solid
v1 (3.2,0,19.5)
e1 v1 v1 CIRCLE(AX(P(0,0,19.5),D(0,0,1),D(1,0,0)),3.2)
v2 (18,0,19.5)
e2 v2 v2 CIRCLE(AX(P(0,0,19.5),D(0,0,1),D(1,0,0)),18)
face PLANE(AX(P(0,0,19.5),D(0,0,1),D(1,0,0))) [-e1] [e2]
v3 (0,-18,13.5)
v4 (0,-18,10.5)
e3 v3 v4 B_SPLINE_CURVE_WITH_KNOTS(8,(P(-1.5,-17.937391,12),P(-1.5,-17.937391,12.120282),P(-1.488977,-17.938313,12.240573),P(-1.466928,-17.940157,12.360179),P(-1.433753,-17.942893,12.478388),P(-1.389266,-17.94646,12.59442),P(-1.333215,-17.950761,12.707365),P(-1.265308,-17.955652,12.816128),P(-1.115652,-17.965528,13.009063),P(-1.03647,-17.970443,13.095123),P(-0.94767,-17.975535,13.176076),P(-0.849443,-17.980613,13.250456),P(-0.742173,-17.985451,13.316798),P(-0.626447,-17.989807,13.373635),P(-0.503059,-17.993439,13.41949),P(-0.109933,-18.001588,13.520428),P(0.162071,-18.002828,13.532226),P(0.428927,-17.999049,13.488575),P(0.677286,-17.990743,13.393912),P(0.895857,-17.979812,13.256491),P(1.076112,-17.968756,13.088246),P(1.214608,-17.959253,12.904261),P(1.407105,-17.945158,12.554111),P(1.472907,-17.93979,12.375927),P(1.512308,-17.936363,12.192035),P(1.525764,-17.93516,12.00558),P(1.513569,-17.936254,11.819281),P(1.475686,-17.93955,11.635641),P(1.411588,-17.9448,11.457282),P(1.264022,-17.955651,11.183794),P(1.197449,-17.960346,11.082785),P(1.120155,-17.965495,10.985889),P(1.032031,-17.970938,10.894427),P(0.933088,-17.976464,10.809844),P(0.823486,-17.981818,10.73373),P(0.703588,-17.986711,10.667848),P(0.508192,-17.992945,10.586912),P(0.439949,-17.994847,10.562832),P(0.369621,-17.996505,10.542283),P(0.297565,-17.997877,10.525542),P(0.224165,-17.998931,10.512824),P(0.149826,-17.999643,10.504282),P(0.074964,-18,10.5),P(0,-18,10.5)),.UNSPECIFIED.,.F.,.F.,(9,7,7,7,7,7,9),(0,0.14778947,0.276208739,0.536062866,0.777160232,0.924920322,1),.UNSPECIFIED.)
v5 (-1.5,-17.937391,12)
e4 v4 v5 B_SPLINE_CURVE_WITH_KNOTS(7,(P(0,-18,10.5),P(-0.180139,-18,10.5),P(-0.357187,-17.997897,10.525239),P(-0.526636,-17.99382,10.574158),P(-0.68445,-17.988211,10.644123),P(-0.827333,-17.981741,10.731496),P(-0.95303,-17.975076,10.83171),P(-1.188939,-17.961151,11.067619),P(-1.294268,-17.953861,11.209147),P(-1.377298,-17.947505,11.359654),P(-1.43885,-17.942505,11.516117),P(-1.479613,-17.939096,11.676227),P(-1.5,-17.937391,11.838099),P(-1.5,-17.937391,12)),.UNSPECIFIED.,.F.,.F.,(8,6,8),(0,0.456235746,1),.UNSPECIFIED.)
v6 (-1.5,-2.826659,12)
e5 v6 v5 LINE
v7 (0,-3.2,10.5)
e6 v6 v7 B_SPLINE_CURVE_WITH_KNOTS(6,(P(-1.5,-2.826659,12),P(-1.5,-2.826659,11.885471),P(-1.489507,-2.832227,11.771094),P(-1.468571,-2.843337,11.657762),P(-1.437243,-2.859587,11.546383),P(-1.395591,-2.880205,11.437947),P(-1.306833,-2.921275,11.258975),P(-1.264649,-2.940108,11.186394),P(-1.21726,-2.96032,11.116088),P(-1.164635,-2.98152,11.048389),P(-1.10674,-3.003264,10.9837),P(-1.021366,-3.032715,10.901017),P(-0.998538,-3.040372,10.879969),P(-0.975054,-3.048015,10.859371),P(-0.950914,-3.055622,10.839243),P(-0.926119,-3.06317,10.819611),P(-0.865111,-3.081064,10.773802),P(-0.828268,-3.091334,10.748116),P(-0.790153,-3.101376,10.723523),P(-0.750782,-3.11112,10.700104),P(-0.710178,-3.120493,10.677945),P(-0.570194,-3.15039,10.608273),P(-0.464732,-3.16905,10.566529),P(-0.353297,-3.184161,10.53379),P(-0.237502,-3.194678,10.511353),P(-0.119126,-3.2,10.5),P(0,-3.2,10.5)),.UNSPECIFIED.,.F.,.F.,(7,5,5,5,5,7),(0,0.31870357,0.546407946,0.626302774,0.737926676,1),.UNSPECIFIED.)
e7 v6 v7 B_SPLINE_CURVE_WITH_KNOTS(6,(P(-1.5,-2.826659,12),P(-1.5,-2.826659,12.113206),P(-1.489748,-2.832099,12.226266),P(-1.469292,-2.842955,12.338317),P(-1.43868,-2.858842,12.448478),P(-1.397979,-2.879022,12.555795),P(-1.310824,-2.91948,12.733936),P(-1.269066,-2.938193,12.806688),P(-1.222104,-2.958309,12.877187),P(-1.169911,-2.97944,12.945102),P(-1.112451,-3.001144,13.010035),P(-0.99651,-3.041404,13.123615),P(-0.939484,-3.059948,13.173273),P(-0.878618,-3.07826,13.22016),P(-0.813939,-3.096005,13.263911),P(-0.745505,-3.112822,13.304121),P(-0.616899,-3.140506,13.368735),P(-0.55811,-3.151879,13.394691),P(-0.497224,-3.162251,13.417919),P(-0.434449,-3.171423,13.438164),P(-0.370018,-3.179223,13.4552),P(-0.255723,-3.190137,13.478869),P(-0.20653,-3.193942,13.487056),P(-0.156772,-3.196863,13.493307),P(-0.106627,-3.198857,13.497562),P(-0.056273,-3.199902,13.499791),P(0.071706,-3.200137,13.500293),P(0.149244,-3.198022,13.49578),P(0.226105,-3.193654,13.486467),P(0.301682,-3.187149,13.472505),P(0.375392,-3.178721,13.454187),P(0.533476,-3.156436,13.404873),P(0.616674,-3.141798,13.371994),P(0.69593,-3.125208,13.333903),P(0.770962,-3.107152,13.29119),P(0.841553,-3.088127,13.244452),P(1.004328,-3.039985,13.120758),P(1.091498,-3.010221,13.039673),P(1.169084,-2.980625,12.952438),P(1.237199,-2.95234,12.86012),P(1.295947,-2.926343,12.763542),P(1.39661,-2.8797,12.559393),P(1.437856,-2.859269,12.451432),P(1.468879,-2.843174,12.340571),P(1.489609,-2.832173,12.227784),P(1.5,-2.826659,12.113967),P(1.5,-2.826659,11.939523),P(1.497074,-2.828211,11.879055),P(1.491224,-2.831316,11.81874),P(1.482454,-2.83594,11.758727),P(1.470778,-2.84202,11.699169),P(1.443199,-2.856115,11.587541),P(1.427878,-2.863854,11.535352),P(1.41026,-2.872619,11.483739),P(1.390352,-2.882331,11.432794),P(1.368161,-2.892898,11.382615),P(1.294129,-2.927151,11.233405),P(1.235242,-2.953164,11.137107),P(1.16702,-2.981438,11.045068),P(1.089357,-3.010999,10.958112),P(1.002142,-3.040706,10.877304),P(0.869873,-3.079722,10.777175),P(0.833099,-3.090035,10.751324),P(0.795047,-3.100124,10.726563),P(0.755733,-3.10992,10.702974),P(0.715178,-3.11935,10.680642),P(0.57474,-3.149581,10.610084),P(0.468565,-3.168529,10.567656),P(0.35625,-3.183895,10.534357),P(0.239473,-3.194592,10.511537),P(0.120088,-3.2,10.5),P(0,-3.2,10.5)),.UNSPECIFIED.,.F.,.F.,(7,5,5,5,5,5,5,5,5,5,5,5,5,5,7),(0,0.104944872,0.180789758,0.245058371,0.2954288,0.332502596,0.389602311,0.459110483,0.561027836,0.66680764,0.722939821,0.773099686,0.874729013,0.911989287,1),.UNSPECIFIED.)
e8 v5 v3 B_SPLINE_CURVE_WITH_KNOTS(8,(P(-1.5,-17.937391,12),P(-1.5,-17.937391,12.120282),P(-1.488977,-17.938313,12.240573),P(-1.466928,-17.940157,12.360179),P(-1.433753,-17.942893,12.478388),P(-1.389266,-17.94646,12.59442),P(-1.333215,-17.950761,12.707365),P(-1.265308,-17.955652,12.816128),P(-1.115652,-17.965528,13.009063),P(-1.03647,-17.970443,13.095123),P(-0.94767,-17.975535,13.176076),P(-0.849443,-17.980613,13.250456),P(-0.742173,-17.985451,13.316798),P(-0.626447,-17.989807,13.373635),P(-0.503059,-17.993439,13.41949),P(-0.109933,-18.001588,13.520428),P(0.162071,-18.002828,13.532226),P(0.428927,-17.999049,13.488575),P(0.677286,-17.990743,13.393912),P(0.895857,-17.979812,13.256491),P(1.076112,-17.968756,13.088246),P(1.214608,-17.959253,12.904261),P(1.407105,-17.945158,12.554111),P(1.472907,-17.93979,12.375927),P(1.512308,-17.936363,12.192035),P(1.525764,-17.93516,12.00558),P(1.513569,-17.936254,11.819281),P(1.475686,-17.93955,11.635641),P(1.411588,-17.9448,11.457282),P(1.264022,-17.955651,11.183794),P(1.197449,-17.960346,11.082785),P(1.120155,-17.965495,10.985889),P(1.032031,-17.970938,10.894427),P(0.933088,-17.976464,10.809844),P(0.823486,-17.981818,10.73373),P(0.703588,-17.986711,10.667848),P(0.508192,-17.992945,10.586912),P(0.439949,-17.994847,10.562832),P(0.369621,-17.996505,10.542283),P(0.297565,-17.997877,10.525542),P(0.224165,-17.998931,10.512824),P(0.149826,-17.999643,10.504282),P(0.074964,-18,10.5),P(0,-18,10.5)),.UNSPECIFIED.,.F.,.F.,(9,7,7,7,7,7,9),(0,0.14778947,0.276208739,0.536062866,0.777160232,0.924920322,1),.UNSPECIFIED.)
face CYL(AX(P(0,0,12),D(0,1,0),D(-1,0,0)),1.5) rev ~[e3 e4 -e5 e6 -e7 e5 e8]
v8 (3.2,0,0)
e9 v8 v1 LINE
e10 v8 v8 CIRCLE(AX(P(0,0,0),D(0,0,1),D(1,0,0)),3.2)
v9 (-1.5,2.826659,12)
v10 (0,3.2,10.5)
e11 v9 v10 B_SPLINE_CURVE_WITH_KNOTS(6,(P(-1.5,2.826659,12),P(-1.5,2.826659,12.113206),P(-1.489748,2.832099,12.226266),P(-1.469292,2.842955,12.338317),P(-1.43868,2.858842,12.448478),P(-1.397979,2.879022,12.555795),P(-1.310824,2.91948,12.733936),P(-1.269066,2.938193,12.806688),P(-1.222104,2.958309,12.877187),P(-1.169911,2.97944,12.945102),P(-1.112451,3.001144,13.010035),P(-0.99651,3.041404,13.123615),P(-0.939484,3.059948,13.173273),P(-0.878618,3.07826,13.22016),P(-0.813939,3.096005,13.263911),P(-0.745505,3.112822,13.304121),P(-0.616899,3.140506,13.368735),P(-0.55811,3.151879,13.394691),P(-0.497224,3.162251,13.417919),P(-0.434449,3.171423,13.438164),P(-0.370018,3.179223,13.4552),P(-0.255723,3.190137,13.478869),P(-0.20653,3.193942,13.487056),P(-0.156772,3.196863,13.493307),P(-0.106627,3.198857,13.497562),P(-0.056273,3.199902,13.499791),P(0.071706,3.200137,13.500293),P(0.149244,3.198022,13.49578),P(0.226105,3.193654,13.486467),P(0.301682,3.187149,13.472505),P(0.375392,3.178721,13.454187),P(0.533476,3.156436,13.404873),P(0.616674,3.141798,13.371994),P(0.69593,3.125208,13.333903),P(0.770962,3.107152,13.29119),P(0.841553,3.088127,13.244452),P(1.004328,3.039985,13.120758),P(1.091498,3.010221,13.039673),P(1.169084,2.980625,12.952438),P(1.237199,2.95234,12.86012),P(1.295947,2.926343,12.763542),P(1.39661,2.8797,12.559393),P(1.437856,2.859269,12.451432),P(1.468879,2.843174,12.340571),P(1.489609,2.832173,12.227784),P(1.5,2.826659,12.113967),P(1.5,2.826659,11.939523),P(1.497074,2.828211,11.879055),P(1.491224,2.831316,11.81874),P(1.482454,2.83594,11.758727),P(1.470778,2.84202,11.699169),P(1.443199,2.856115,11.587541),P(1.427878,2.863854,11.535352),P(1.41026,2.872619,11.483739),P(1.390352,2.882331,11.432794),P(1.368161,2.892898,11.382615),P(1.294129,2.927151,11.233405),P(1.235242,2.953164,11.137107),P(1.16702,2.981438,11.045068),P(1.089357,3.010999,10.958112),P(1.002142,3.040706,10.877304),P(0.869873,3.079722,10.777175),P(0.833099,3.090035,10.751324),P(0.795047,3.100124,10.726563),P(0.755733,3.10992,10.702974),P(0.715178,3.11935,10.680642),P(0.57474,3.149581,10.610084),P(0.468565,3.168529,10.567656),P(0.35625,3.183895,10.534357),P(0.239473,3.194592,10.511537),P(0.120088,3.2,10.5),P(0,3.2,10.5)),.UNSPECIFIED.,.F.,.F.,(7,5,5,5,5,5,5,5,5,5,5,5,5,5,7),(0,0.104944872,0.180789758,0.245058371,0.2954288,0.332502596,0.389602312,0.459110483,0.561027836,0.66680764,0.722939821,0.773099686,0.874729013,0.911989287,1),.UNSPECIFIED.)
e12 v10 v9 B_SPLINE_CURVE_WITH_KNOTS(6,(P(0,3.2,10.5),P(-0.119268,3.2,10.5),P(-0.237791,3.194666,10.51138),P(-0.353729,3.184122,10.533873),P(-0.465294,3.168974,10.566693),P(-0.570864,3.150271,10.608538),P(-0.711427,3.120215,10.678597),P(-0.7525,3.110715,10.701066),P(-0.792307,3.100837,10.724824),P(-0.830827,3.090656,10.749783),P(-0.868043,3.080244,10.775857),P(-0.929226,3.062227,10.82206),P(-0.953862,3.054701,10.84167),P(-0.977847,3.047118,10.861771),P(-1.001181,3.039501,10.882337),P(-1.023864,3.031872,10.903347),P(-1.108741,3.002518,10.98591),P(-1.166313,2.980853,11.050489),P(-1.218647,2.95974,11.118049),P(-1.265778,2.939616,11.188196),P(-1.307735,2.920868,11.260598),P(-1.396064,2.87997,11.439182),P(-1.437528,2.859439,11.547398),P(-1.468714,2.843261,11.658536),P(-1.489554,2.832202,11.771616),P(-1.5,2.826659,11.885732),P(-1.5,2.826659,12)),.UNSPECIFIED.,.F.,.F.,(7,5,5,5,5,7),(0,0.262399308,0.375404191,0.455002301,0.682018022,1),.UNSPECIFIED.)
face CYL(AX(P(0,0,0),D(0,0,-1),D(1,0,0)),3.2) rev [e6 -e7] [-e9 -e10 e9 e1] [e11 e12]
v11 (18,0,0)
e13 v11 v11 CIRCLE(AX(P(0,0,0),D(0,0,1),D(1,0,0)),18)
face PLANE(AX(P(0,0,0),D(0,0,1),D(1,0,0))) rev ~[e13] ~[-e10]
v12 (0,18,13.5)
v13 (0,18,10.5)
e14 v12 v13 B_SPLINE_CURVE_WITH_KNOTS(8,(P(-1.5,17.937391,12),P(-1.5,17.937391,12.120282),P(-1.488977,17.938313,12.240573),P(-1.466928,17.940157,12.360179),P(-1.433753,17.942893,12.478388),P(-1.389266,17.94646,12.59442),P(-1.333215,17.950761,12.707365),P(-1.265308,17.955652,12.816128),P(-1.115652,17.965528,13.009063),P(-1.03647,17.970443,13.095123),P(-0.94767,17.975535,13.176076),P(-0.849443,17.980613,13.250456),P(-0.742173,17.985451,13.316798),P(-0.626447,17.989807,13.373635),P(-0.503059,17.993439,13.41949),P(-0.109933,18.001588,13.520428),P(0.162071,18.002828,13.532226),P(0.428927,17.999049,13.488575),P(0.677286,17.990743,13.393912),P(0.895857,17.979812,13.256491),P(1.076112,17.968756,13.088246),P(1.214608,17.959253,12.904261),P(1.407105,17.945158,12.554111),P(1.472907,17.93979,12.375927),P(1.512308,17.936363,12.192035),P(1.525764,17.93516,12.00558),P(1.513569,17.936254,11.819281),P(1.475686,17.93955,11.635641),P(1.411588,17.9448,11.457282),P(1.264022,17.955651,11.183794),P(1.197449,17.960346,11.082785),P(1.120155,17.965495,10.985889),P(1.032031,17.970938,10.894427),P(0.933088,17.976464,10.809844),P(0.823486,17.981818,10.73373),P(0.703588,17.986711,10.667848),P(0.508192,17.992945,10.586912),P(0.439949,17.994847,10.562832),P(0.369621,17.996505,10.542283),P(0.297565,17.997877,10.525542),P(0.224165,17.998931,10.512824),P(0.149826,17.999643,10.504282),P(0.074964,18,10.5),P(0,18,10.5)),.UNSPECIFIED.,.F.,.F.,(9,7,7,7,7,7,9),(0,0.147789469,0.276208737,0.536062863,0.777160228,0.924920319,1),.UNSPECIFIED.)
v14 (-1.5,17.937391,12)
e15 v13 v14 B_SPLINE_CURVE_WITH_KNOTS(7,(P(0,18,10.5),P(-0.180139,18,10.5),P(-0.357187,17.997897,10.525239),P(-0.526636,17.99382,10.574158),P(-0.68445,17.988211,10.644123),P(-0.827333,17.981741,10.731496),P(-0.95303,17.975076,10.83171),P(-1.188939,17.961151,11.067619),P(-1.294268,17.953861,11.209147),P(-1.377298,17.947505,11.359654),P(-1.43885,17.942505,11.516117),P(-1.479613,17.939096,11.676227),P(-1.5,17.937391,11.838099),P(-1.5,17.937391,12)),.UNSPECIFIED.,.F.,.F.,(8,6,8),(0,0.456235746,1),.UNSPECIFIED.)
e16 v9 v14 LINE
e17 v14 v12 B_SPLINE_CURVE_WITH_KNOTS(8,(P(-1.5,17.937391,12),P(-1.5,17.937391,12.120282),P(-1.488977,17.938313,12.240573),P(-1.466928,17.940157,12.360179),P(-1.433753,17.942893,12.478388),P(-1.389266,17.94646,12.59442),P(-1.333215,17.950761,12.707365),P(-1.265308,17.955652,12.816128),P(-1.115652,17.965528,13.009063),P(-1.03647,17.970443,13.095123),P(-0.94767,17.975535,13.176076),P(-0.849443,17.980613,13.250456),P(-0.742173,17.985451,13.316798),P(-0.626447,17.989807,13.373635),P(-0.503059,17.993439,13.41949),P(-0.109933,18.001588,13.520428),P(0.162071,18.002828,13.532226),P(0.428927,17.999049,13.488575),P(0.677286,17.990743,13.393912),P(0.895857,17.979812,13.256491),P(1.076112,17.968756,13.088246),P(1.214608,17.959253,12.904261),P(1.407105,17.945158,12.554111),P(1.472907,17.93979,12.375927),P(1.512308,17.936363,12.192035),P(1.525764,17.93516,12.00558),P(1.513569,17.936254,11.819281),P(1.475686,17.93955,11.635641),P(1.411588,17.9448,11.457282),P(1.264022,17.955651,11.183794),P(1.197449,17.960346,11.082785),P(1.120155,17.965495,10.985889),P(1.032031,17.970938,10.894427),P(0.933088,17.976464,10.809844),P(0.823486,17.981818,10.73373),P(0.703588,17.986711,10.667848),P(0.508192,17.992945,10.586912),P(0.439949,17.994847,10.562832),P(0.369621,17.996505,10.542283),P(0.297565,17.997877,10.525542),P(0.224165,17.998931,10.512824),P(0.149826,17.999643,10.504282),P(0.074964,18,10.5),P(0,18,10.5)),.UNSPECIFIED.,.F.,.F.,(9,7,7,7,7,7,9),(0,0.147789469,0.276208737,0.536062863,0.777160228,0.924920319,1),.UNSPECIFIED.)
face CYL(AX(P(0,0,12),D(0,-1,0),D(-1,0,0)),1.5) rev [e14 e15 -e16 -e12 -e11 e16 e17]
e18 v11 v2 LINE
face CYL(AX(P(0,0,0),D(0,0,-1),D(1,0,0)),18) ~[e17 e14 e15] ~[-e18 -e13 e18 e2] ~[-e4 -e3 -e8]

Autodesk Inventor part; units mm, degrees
ref_plane "YZ Plane" through (0, 0, 0) normal (1, 0, 0) x (0, 1, 0)
ref_plane "XZ Plane" through (0, 0, 0) normal (0, 1, 0) x (-1, 0, 0)
ref_plane "XY Plane" through (0, 0, 0) normal (0, 0, 1) x (1, 0, 0)
sketch "Sketch1" plane through (0, 0, 0) normal (0, 0, 1) x (1, 0, 0)
  circle A0 centre (0, 0) radius 18
  circle A1 centre (0, 0) radius 3.2
  dimension "d0" = 36
  dimension "d1" = 6.4
extrude "Extrusion1" add sketch "Sketch1" along normal blind 19.5
sketch "Sketch2" plane through (0, 0, 0) normal (0, 1, 0) x (-1, 0, 0)
  line L0 (0, 0) -> (0, 12)
  circle A0 centre (0, 12) radius 1.5
  dimension "d4" = 12
  dimension "d5" = 3
extrude "Extrusion2" cut sketch "Sketch2" along normal mid plane 36
properties part number "MotorShaft"
